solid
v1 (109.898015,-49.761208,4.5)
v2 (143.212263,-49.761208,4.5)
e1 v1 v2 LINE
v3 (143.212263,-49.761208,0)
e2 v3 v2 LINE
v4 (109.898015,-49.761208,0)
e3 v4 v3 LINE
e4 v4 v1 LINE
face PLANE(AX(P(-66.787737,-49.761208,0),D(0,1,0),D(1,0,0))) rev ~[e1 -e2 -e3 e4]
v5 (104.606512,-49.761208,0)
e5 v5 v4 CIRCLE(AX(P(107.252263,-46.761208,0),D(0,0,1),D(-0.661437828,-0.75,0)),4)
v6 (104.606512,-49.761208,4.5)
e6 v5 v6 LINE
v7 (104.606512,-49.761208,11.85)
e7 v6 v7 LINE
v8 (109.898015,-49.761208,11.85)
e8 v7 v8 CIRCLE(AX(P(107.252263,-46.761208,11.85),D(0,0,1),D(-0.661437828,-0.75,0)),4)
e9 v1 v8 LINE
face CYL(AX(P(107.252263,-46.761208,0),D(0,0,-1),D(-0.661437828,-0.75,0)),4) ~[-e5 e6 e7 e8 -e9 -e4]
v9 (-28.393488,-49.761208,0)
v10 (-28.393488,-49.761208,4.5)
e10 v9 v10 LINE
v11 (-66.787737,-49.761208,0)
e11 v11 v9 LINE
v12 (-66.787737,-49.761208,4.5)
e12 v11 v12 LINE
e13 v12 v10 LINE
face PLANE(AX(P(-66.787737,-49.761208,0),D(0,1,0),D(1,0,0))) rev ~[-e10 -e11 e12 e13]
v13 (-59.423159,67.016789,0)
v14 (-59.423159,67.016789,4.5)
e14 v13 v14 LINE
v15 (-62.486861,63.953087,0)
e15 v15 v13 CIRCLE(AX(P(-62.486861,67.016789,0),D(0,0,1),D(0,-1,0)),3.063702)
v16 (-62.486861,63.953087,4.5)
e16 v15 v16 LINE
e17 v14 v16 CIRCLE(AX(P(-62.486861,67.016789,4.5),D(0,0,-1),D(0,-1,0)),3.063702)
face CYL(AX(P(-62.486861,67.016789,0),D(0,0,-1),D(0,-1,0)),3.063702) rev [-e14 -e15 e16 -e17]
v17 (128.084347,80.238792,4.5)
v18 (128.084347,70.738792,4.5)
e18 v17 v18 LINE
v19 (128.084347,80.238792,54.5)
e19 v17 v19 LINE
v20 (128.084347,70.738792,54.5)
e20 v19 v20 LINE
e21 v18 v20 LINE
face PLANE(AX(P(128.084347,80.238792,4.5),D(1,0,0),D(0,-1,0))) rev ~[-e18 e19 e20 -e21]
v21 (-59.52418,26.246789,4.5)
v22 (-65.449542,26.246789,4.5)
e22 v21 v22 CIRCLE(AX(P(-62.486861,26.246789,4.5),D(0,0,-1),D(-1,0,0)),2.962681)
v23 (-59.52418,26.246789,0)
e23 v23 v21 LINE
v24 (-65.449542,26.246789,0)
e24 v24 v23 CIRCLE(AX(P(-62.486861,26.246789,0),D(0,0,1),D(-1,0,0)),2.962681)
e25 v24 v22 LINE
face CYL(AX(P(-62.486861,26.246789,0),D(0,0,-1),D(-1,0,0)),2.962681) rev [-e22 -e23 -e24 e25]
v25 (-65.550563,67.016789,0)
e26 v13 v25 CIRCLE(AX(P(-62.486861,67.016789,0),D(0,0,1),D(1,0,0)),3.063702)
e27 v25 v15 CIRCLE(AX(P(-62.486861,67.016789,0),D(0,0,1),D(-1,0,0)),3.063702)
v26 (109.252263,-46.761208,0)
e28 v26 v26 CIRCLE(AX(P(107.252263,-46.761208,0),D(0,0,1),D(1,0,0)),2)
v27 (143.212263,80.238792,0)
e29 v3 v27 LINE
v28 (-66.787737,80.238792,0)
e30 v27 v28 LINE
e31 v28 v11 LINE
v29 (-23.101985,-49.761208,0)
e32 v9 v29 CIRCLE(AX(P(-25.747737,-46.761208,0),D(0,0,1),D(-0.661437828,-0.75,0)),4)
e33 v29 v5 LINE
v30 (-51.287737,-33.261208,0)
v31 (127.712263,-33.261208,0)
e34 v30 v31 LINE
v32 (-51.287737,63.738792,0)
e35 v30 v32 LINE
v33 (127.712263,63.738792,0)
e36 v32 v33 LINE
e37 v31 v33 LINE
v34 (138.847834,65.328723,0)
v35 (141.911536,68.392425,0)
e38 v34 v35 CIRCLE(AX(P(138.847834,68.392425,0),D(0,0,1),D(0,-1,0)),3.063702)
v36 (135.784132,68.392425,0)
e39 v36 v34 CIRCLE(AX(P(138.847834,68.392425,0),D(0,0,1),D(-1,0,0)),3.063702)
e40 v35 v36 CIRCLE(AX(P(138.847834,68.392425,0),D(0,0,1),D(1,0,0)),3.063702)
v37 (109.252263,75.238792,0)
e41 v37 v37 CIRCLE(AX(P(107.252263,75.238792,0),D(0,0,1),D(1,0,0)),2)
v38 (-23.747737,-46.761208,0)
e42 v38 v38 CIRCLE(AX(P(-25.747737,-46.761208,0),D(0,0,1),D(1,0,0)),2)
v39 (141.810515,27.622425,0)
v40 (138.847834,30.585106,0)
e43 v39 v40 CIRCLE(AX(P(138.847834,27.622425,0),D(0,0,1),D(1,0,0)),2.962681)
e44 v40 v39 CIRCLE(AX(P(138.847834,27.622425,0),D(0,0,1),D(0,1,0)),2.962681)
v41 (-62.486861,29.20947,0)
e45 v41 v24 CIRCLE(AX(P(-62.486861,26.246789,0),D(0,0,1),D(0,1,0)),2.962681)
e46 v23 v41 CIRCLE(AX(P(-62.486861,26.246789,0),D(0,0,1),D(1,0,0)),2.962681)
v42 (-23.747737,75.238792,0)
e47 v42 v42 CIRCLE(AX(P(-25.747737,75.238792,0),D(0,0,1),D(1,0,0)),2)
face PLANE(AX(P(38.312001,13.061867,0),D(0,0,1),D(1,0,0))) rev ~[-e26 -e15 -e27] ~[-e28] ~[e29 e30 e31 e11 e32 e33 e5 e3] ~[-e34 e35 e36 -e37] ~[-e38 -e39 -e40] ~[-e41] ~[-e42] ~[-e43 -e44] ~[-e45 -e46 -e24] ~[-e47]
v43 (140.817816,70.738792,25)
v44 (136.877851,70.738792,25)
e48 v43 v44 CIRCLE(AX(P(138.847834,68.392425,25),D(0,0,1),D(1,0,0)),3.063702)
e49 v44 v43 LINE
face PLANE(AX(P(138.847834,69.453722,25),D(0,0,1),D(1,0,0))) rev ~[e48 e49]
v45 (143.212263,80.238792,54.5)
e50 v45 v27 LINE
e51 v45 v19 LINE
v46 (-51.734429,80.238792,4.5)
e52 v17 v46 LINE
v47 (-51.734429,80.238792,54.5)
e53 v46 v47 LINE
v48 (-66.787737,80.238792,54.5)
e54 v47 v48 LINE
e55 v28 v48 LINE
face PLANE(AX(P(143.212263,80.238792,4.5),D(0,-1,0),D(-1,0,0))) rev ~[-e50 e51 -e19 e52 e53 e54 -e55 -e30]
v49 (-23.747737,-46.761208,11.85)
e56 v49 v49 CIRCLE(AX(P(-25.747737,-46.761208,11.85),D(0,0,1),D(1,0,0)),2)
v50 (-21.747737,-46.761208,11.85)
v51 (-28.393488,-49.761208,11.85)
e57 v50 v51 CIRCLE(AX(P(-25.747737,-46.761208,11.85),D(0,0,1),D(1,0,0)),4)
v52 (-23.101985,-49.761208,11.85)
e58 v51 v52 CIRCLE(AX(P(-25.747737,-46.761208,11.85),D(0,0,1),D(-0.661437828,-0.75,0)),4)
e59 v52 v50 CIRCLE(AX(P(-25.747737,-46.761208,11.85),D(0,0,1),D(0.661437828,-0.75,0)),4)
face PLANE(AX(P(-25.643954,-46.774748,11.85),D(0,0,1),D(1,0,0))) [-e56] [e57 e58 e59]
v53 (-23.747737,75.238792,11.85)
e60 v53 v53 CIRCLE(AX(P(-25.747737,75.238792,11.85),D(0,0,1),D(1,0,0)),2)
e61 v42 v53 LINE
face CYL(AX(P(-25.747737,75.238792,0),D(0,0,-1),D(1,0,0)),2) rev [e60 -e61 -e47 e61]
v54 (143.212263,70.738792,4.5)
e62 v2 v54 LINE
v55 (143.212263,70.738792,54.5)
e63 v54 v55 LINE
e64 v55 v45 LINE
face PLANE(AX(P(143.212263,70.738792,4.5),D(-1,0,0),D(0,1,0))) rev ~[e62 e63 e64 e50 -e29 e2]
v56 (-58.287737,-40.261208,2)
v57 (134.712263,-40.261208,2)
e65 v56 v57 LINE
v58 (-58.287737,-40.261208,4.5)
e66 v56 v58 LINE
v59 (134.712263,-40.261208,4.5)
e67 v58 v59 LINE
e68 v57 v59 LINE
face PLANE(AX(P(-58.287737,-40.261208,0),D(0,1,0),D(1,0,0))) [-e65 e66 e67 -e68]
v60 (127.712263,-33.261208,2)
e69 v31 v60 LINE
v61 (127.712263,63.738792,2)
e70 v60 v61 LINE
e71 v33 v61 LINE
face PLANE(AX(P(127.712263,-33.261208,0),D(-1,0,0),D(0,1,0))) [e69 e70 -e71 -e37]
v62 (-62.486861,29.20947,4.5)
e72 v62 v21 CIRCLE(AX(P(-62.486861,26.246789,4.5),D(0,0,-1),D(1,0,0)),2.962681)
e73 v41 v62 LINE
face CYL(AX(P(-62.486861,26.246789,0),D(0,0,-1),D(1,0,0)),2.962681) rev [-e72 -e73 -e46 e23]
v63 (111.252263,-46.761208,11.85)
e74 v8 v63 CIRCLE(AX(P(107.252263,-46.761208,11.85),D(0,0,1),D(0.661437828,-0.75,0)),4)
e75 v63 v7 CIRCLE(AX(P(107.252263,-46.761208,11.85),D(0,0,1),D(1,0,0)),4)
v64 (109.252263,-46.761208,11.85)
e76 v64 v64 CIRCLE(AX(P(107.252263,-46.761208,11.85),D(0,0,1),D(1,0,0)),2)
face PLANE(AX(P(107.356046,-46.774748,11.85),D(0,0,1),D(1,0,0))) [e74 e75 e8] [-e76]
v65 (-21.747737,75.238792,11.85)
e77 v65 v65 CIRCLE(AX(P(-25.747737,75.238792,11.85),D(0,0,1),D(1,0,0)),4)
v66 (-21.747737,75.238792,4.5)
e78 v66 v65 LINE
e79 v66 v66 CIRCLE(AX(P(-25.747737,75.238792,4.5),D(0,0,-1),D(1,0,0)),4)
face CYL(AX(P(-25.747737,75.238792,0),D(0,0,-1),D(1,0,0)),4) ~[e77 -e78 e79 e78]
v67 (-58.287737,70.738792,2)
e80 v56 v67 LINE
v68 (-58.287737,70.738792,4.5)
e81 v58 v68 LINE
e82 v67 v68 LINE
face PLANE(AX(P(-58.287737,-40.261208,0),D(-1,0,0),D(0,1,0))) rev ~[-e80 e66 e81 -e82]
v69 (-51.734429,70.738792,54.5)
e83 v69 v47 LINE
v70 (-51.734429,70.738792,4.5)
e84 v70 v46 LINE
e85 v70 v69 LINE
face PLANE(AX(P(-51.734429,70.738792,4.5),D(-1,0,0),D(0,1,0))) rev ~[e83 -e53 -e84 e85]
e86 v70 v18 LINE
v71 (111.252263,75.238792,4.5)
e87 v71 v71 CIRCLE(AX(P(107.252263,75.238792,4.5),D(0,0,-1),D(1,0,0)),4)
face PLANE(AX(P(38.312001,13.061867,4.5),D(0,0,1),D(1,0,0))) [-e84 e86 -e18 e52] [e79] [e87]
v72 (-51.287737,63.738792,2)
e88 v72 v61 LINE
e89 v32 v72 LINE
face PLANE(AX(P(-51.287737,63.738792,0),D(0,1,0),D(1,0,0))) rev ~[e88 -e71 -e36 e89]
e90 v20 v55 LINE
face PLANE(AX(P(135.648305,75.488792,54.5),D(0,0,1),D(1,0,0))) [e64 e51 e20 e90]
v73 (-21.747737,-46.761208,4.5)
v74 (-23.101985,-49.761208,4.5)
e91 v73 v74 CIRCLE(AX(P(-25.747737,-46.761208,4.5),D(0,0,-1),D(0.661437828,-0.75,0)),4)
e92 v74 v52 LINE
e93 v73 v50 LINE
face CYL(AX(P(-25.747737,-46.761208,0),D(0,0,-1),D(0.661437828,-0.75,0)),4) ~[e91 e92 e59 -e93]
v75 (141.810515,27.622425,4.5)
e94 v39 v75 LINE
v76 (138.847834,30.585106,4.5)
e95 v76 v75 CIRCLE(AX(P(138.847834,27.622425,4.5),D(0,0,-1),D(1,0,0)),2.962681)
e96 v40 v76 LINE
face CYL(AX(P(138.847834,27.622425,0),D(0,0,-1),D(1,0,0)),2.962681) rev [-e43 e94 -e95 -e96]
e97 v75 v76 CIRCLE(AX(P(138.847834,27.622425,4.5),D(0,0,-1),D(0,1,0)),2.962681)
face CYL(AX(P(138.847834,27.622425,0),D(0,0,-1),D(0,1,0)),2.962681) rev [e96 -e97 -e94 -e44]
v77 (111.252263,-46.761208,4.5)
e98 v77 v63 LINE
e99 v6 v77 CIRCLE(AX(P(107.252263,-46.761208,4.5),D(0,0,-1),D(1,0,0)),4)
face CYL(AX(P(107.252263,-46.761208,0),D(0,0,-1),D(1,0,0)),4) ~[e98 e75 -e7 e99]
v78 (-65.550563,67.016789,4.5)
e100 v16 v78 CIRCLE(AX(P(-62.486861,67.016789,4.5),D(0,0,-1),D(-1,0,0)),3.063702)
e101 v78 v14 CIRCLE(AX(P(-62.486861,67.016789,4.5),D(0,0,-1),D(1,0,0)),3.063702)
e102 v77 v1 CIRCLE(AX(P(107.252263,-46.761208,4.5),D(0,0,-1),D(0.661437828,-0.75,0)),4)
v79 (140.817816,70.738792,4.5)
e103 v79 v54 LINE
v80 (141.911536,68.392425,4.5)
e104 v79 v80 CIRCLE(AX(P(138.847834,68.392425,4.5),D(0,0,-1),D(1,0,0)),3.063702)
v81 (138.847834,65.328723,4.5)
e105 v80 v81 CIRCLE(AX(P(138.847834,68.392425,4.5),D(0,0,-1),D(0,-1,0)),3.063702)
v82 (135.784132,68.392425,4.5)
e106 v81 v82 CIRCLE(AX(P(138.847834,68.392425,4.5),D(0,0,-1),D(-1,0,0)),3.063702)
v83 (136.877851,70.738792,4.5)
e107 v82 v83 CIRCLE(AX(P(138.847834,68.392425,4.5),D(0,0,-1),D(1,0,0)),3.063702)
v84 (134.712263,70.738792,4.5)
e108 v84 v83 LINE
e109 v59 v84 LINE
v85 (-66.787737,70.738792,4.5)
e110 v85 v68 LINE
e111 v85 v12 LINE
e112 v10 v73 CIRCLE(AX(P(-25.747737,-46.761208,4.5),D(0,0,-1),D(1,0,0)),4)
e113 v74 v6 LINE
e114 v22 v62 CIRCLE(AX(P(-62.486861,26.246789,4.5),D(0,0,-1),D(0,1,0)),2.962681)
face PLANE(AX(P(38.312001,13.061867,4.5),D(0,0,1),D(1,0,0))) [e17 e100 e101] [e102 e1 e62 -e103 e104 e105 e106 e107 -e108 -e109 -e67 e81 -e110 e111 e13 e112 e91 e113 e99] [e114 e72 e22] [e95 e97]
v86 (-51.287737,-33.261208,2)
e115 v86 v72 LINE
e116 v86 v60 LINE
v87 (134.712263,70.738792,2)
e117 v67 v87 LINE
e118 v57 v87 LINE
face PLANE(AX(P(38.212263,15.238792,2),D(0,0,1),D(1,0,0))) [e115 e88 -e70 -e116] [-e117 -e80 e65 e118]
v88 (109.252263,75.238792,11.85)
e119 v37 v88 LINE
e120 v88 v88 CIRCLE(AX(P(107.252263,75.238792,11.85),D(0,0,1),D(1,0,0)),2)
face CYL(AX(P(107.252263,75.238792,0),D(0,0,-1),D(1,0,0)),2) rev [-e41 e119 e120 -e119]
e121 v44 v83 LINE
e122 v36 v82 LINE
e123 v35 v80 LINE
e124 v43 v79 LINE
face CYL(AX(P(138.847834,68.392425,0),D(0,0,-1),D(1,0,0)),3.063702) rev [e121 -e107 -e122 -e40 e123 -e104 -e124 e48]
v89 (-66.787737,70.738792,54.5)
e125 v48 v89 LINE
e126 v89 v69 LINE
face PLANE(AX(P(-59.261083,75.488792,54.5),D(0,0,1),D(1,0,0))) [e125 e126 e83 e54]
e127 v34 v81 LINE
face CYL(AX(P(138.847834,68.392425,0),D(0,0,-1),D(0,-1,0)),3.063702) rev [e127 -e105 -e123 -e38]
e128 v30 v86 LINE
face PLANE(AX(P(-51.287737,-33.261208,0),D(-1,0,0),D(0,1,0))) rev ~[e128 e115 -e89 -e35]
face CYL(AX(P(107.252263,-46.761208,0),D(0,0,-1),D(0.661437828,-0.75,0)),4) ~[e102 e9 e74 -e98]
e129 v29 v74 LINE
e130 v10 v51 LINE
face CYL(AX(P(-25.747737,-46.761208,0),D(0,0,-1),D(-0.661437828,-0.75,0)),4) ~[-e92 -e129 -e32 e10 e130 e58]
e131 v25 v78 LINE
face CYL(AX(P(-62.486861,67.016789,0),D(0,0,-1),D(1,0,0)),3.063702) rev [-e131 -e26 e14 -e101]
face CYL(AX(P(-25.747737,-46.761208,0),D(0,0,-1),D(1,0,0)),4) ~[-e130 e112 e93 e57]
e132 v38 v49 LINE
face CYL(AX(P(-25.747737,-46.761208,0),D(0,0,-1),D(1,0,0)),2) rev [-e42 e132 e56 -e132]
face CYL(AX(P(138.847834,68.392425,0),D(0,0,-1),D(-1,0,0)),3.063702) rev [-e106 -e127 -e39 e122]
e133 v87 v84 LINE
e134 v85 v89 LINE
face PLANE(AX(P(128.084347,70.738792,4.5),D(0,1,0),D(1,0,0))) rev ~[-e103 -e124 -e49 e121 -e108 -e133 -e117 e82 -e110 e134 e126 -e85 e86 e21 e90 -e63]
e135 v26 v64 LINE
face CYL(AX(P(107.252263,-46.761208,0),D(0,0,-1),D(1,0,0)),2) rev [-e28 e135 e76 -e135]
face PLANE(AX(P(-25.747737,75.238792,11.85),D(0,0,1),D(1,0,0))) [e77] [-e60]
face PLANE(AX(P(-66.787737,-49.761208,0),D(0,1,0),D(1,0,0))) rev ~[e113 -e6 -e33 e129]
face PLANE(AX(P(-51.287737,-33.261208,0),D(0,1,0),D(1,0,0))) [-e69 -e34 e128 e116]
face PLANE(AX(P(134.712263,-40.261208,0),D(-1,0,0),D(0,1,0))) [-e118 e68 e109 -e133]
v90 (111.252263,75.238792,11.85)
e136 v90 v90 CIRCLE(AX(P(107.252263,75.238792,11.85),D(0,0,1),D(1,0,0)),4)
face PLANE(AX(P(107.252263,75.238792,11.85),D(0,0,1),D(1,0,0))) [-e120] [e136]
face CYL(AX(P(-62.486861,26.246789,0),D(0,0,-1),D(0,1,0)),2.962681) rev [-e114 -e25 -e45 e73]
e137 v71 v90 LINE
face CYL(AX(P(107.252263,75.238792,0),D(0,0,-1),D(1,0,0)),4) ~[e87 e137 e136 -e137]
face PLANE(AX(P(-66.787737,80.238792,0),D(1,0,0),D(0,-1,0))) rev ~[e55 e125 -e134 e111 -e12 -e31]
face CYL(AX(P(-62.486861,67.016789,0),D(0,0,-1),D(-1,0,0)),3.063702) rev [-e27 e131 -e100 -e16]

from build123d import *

# Parameters (mm, degrees)
F0_W     = 193
F0_H     = 111
F0_W_2   = 179
F0_H_2   = 97
F1_DEPTH = 2
F0_R     = 4
F0_R_2   = 2
F2_DEPTH = 4.5
F3_DEPTH = 5
F4_DEPTH = 11.85
F6_DEPTH = 50
F9_DEPTH = 25


with BuildPart() as f1:
    # F0 (on Top) → F1 (new body)
    with BuildSketch(Plane.XY):
        with Locations((38.2122632861, 15.2387920618)):
            Rectangle(F0_W, F0_H)
        with Locations((38.2122632861, 15.2387920618)):
            Rectangle(F0_W_2, F0_H_2, mode=Mode.SUBTRACT)
    extrude(amount=F1_DEPTH)

    # F0 (on Top) → F2 (join)
    with BuildSketch(Plane.XY):
        with BuildLine():
            Line((143.2122632861, 80.2387920618), (-66.7877367139, 80.2387920618))
            Line((-66.7877367139, 80.2387920618), (-66.7877367139, -49.7612079382))
            Line((-66.7877367139, -49.7612079382), (-28.393488025, -49.7612079382))
            ThreePointArc((-28.393488025, -49.7612079382), (-27.393488025, -43.1154566271), (-21.7477367139, -46.7612079382))
            ThreePointArc((-21.7477367139, -46.7612079382), (-22.1019854028, -48.4069592493), (-23.1019854028, -49.7612079382))
            Line((-23.1019854028, -49.7612079382), (104.606511975, -49.7612079382))
            ThreePointArc((104.606511975, -49.7612079382), (105.606511975, -43.1154566271), (111.2522632861, -46.7612079382))
            ThreePointArc((111.2522632861, -46.7612079382), (110.8980145972, -48.4069592493), (109.8980145972, -49.7612079382))
            Line((109.8980145972, -49.7612079382), (143.2122632861, -49.7612079382))
            Line((143.2122632861, -49.7612079382), (143.2122632861, 80.2387920618))
        make_face()
        with Locations((38.2122632861, 15.2387920618)):
            Rectangle(F0_W, F0_H, mode=Mode.SUBTRACT)
        with Locations((-25.7477367139, 75.2387920618)):
            Circle(F0_R, mode=Mode.SUBTRACT)
        with Locations((107.2522632861, 75.2387920618)):
            Circle(F0_R, mode=Mode.SUBTRACT)
        with Locations((-25.7477367139, 75.2387920618)):
            Circle(F0_R)
        with Locations((-25.7477367139, 75.2387920618)):
            Circle(F0_R_2, mode=Mode.SUBTRACT)
        with Locations((107.2522632861, 75.2387920618)):
            Circle(F0_R)
        with Locations((107.2522632861, 75.2387920618)):
            Circle(F0_R_2, mode=Mode.SUBTRACT)
        with BuildLine():
            ThreePointArc((-21.7477367139, -46.7612079382), (-27.393488025, -43.1154566271), (-28.393488025, -49.7612079382))
            Line((-28.393488025, -49.7612079382), (-23.1019854028, -49.7612079382))
            ThreePointArc((-23.1019854028, -49.7612079382), (-22.1019854028, -48.4069592493), (-21.7477367139, -46.7612079382))
        make_face()
        with Locations((-25.7477367139, -46.7612079382)):
            Circle(F0_R_2, mode=Mode.SUBTRACT)
        with BuildLine():
            Line((104.606511975, -49.7612079382), (109.8980145972, -49.7612079382))
            ThreePointArc((109.8980145972, -49.7612079382), (110.8980145972, -48.4069592493), (111.2522632861, -46.7612079382))
            ThreePointArc((111.2522632861, -46.7612079382), (105.606511975, -43.1154566271), (104.606511975, -49.7612079382))
        make_face()
        with Locations((107.2522632861, -46.7612079382)):
            Circle(F0_R_2, mode=Mode.SUBTRACT)
    extrude(amount=F2_DEPTH)

    # F0 (on Top) → F3 (cut)
    with BuildSketch(Plane.XY):
        with Locations((-25.7477367139, 75.2387920618)):
            Circle(F0_R_2)
        with Locations((107.2522632861, 75.2387920618)):
            Circle(F0_R_2)
        with Locations((107.2522632861, -46.7612079382)):
            Circle(F0_R_2)
        with Locations((-25.7477367139, -46.7612079382)):
            Circle(F0_R_2)
    extrude(amount=-F3_DEPTH, mode=Mode.SUBTRACT)

    # F0 (on Top) → F4 (join)
    with BuildSketch(Plane.XY):
        with Locations((-25.7477367139, 75.2387920618)):
            Circle(F0_R)
        with Locations((-25.7477367139, 75.2387920618)):
            Circle(F0_R_2, mode=Mode.SUBTRACT)
        with BuildLine():
            Line((104.606511975, -49.7612079382), (109.8980145972, -49.7612079382))
            ThreePointArc((109.8980145972, -49.7612079382), (110.8980145972, -48.4069592493), (111.2522632861, -46.7612079382))
            ThreePointArc((111.2522632861, -46.7612079382), (105.606511975, -43.1154566271), (104.606511975, -49.7612079382))
        make_face()
        with Locations((107.2522632861, -46.7612079382)):
            Circle(F0_R_2, mode=Mode.SUBTRACT)
        with BuildLine():
            ThreePointArc((104.606511975, -49.7612079382), (107.2522632861, -50.7612079382), (109.8980145972, -49.7612079382))
            Line((109.8980145972, -49.7612079382), (104.606511975, -49.7612079382))
        make_face()
        with BuildLine():
            ThreePointArc((-21.7477367139, -46.7612079382), (-27.393488025, -43.1154566271), (-28.393488025, -49.7612079382))
            Line((-28.393488025, -49.7612079382), (-23.1019854028, -49.7612079382))
            ThreePointArc((-23.1019854028, -49.7612079382), (-22.1019854028, -48.4069592493), (-21.7477367139, -46.7612079382))
        make_face()
        with Locations((-25.7477367139, -46.7612079382)):
            Circle(F0_R_2, mode=Mode.SUBTRACT)
        with BuildLine():
            Line((-23.1019854028, -49.7612079382), (-28.393488025, -49.7612079382))
            ThreePointArc((-28.393488025, -49.7612079382), (-25.7477367139, -50.7612079382), (-23.1019854028, -49.7612079382))
        make_face()
        with Locations((107.2522632861, 75.2387920618)):
            Circle(F0_R)
        with Locations((107.2522632861, 75.2387920618)):
            Circle(F0_R_2, mode=Mode.SUBTRACT)
    extrude(amount=F4_DEPTH)

    # F5 (on face) → F6 (join)
    with BuildSketch(Plane.XY.offset(4.5)):
        Polygon((128.084346652, 80.2387920618), (128.084346652, 70.7387920618), (134.7122632861, 70.7387920618), (143.2122632861, 70.7387920618), (143.2122632861, 80.2387920618), align=None)
        Polygon((-66.7877367139, 70.7387920618), (-58.2877367139, 70.7387920618), (-51.7344288528, 70.7387920618), (-51.7344288528, 80.2387920618), (-66.7877367139, 80.2387920618), align=None)
    extrude(amount=F6_DEPTH)

    # F8 (on face) → F9 (cut)
    with BuildSketch(Plane.XY):
        with BuildLine():
            Line((135.7841315883, 68.3924248103), (138.8478337268, 68.3924248103))
            Line((138.8478337268, 68.3924248103), (141.9115358654, 68.3924248103))
            ThreePointArc((141.9115358654, 68.3924248103), (138.8478337268, 71.4561269488), (135.7841315883, 68.3924248103))
        make_face()
        with BuildLine():
            Line((138.8478337268, 65.3287226717), (138.8478337268, 68.3924248103))
            Line((138.8478337268, 68.3924248103), (135.7841315883, 68.3924248103))
            ThreePointArc((135.7841315883, 68.3924248103), (136.6814691691, 66.2260602526), (138.8478337268, 65.3287226717))
        make_face()
        with BuildLine():
            Line((141.9115358654, 68.3924248103), (138.8478337268, 68.3924248103))
            Line((138.8478337268, 68.3924248103), (138.8478337268, 65.3287226717))
            ThreePointArc((138.8478337268, 65.3287226717), (141.0141982845, 66.2260602526), (141.9115358654, 68.3924248103))
        make_face()
        with BuildLine():
            ThreePointArc((141.8105147335, 27.6224248103), (140.9427655571, 29.7173566406), (138.8478337268, 30.5851058169))
            Line((138.8478337268, 30.5851058169), (138.8478337268, 27.6224248103))
            Line((138.8478337268, 27.6224248103), (140.926355011, 27.6224248103))
            Line((140.926355011, 27.6224248103), (141.8105147335, 27.6224248103))
        make_face()
        with BuildLine():
            Line((138.8478337268, 27.6224248103), (138.8478337268, 30.5851058169))
            ThreePointArc((138.8478337268, 30.5851058169), (136.7529018965, 25.52749298), (141.8105147335, 27.6224248103))
            Line((141.8105147335, 27.6224248103), (140.926355011, 27.6224248103))
            Line((140.926355011, 27.6224248103), (138.8478337268, 27.6224248103))
        make_face()
        with BuildLine():
            Line((-65.5505631859, 67.0167887692), (-62.4868610473, 67.0167887692))
            Line((-62.4868610473, 67.0167887692), (-59.4231589088, 67.0167887692))
            ThreePointArc((-59.4231589088, 67.0167887692), (-62.4868610473, 70.0804909077), (-65.5505631859, 67.0167887692))
        make_face()
        with BuildLine():
            Line((-62.4868610473, 63.9530866306), (-62.4868610473, 67.0167887692))
            Line((-62.4868610473, 67.0167887692), (-65.5505631859, 67.0167887692))
            ThreePointArc((-65.5505631859, 67.0167887692), (-64.653225605, 64.8504242115), (-62.4868610473, 63.9530866306))
        make_face()
        with BuildLine():
            Line((-59.4231589088, 67.0167887692), (-62.4868610473, 67.0167887692))
            Line((-62.4868610473, 67.0167887692), (-62.4868610473, 63.9530866306))
            ThreePointArc((-62.4868610473, 63.9530866306), (-60.3204964896, 64.8504242115), (-59.4231589088, 67.0167887692))
        make_face()
        with BuildLine():
            ThreePointArc((-59.5241800407, 26.2467887692), (-60.391929217, 28.3417205994), (-62.4868610473, 29.2094697758))
            Line((-62.4868610473, 29.2094697758), (-62.4868610473, 26.2467887692))
            Line((-62.4868610473, 26.2467887692), (-59.5241800407, 26.2467887692))
        make_face()
        with BuildLine():
            Line((-62.4868610473, 26.2467887692), (-62.4868610473, 29.2094697758))
            ThreePointArc((-62.4868610473, 29.2094697758), (-64.5817928776, 28.3417205994), (-65.449542054, 26.2467887692))
            Line((-65.449542054, 26.2467887692), (-62.4868610473, 26.2467887692))
        make_face()
        with BuildLine():
            Line((-59.5241800407, 26.2467887692), (-62.4868610473, 26.2467887692))
            Line((-62.4868610473, 26.2467887692), (-65.449542054, 26.2467887692))
            ThreePointArc((-65.449542054, 26.2467887692), (-62.4868610473, 23.2841077625), (-59.5241800407, 26.2467887692))
        make_face()
    extrude(amount=F9_DEPTH, mode=Mode.SUBTRACT)


solid = f1.part
